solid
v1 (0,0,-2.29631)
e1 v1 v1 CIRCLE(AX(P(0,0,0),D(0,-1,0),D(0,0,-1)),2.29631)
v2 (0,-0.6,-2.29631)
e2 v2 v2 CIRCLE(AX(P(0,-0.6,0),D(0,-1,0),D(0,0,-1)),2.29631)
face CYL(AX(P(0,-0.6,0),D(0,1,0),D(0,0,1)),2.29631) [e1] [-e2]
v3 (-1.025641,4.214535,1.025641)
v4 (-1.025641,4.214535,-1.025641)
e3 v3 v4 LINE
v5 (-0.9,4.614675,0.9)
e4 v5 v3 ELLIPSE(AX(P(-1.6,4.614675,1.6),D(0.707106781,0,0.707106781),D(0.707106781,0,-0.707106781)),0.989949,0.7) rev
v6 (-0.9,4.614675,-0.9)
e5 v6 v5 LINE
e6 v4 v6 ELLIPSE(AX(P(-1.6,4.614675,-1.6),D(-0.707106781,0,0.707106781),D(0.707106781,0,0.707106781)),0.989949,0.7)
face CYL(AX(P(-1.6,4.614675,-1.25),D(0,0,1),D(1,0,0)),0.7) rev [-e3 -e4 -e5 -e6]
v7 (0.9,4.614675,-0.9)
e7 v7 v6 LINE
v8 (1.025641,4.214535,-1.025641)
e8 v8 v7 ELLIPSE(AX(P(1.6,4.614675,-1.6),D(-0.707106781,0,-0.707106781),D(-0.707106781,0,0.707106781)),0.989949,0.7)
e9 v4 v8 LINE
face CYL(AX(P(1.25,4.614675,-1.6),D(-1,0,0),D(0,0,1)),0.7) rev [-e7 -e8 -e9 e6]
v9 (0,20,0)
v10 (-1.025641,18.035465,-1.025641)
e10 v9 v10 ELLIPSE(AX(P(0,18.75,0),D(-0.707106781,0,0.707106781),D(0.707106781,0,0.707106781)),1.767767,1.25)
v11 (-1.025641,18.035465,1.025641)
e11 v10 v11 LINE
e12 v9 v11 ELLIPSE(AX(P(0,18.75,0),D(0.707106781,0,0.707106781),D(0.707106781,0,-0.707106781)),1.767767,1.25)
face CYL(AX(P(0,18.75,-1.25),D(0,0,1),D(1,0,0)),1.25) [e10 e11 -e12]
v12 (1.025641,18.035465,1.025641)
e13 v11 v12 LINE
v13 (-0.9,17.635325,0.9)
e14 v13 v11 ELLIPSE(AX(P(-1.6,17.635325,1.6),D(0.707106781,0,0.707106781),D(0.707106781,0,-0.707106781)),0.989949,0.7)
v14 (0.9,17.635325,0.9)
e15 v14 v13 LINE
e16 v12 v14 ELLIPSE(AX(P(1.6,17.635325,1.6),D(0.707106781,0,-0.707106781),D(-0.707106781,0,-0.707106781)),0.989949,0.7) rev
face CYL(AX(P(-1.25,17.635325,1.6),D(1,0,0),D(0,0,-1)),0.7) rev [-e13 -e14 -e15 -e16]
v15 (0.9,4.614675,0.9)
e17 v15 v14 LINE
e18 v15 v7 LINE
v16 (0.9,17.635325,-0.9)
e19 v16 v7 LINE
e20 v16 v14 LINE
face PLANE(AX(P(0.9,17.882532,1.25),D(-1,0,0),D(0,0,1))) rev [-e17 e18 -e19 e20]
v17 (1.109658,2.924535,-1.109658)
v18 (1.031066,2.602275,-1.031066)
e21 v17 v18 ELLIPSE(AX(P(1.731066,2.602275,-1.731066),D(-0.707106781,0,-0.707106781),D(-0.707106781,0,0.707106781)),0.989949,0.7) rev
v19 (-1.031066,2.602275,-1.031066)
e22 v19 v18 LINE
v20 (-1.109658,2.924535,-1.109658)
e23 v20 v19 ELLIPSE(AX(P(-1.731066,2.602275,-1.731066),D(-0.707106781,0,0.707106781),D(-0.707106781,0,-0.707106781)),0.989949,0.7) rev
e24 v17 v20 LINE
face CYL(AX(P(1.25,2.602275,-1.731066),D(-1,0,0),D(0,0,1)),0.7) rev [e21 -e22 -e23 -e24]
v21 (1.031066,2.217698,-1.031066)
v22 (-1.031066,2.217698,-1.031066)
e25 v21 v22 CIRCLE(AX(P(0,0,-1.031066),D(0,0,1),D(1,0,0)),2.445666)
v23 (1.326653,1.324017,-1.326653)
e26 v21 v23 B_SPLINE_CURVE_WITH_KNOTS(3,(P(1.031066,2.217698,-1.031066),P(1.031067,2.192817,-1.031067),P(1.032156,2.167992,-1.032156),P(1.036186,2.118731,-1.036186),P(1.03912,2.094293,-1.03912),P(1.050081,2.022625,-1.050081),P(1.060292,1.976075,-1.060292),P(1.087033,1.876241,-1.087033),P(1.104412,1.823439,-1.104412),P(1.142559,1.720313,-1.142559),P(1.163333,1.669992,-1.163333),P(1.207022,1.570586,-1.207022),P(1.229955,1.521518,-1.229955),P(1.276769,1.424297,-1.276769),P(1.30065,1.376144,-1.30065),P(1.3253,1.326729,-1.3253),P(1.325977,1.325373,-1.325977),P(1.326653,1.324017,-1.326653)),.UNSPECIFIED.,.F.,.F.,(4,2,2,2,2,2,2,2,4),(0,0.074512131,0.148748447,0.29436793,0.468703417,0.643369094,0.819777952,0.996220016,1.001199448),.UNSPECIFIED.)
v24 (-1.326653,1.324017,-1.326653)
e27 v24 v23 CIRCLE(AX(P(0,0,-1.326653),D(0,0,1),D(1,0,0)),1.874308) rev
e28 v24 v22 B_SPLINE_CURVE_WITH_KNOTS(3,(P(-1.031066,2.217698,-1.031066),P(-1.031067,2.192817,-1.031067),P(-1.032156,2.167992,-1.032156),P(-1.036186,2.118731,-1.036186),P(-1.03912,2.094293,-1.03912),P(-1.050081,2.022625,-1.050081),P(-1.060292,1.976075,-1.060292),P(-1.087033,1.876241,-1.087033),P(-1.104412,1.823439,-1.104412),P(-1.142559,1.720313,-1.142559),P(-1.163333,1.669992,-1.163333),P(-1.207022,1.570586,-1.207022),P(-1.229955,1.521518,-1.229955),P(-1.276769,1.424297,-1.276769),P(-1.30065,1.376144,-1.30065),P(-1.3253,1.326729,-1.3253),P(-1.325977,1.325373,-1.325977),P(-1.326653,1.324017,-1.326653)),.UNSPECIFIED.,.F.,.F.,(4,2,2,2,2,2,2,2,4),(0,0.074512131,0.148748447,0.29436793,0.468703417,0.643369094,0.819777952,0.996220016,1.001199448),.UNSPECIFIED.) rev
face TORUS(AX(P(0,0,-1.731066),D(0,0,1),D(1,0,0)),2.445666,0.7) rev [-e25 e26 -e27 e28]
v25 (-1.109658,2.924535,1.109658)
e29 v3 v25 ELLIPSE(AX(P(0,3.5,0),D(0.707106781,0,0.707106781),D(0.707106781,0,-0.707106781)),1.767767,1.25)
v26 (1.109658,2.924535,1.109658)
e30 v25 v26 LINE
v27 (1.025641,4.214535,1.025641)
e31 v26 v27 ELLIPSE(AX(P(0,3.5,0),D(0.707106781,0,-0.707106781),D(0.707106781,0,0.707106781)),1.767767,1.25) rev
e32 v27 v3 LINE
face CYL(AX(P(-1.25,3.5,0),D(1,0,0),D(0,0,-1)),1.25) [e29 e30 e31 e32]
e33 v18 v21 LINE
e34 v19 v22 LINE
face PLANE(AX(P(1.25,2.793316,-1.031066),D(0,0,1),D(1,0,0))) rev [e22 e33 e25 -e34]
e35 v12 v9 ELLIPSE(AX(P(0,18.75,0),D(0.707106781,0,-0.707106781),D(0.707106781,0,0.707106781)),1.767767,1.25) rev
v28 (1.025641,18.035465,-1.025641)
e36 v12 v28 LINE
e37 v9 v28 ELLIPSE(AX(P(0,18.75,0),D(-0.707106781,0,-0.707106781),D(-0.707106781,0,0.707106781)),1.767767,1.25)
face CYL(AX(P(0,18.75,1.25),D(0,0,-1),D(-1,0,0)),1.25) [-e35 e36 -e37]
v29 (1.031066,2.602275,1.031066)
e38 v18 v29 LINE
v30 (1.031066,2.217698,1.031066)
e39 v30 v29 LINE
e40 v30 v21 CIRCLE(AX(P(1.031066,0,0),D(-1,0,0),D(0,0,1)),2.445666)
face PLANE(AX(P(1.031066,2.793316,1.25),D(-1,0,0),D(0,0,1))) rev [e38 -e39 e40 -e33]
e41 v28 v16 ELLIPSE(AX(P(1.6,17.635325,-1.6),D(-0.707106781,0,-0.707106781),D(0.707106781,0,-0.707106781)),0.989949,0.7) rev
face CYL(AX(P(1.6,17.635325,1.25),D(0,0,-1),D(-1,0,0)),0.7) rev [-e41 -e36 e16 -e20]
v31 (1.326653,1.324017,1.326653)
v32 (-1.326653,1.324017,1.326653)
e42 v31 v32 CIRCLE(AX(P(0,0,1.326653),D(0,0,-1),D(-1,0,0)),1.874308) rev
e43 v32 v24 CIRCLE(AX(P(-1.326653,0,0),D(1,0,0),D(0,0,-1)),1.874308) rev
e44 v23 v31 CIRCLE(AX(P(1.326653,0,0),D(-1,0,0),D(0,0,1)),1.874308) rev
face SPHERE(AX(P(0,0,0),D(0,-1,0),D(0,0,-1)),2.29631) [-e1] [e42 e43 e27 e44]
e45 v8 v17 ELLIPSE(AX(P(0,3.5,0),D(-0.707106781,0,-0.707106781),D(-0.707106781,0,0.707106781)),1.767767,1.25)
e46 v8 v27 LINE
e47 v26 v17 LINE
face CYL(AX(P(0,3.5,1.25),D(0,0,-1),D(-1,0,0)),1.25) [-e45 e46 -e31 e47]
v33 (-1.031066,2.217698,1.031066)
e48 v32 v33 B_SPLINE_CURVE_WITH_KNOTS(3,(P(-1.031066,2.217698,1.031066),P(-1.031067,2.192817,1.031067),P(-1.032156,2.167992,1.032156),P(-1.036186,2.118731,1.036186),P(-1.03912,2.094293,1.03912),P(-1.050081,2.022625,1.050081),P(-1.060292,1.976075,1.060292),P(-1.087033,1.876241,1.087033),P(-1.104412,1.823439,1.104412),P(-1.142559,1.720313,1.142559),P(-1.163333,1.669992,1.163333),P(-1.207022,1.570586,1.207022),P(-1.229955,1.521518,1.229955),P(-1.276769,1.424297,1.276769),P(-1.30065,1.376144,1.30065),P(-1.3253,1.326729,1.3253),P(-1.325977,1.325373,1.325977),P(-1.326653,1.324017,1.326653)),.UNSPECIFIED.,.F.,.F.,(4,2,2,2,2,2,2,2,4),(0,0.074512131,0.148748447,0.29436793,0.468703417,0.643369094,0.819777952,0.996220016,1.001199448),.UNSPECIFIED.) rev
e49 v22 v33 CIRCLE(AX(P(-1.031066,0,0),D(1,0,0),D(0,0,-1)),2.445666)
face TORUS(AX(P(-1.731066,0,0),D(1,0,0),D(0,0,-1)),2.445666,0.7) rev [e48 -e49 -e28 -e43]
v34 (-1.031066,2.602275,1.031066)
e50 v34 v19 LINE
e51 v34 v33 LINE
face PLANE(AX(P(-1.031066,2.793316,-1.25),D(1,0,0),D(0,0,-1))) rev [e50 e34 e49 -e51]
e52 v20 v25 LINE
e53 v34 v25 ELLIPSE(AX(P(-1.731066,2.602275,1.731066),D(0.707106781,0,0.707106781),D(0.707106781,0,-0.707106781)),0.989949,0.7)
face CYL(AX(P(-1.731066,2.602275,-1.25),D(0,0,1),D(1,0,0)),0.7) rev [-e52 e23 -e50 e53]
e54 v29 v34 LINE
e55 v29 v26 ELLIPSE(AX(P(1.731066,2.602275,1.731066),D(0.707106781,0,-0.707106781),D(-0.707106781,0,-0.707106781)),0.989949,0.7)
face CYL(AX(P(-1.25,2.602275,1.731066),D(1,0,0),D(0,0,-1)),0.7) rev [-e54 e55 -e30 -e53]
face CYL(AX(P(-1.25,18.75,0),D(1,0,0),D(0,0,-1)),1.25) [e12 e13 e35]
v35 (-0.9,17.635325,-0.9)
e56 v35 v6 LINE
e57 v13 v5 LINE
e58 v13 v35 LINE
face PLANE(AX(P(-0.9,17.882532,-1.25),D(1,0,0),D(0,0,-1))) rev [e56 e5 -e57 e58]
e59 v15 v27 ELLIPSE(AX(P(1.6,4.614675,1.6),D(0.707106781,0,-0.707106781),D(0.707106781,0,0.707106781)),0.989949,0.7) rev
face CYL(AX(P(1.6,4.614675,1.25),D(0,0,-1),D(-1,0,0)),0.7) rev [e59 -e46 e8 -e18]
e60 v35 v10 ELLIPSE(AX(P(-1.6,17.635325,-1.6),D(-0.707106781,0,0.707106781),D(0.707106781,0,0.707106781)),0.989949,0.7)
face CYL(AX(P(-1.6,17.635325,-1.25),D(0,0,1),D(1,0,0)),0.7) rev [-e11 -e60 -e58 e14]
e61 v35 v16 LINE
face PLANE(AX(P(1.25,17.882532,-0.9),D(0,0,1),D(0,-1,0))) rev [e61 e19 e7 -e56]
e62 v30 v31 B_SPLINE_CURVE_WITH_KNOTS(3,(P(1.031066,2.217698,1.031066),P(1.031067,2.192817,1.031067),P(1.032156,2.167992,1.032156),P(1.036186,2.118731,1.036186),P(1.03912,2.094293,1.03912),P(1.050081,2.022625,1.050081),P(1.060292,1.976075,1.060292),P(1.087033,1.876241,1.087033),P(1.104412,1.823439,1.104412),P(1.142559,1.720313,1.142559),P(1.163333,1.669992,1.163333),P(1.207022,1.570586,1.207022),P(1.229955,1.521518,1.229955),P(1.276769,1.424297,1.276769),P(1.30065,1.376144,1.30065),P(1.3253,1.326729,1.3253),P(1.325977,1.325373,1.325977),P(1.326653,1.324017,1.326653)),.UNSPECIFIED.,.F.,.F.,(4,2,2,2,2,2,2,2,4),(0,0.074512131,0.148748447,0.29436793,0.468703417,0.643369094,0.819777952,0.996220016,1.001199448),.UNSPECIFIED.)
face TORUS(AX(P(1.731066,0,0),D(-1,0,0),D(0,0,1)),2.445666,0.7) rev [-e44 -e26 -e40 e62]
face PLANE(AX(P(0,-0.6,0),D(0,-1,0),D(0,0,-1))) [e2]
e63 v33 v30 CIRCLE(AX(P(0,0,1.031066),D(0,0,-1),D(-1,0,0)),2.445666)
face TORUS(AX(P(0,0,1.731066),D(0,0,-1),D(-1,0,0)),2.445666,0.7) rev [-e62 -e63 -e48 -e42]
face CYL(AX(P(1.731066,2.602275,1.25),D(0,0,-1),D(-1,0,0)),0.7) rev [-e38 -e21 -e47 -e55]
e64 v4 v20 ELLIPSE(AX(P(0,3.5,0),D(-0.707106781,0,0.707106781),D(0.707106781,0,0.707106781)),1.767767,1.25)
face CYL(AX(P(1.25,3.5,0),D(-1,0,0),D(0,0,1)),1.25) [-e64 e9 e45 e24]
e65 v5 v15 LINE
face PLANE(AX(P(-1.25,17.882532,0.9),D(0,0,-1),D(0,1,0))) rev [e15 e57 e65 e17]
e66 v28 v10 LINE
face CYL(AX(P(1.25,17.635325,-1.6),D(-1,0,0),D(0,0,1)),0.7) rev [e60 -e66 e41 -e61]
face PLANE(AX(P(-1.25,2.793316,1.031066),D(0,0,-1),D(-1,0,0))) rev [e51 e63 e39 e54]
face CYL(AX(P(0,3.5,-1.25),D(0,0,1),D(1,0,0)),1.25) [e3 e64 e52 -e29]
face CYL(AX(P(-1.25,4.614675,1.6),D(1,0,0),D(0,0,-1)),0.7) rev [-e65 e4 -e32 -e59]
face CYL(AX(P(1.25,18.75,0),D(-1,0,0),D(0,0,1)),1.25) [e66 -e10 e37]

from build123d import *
from build123d.topology import SkipClean

# Parameters (mm, degrees)
SKETCH1_W           = 2.5
SKETCH1_H           = 2.5
BOSS_EXTRUDE1_DEPTH = 20
CUT_EXTRUDE1_DEPTH  = 21.077973005
CIRPATTERN1_COUNT   = 4
FILLET1_R           = 0.7
SKETCH6_R           = 2.29630994
BOSS_EXTRUDE2_DEPTH = 0.6


with BuildPart() as part:
    # Sketch1 → Boss-Extrude1 (new body)
    with BuildSketch(Plane(origin=(0, 0, 0), x_dir=(1, 0, 0), z_dir=(0, 1, 0))):
        Rectangle(SKETCH1_W, SKETCH1_H)
    extrude(amount=BOSS_EXTRUDE1_DEPTH)

    # Sketch3 → Cut-Extrude1 (cut, symmetric)
    with BuildSketch(Plane(origin=(0, 0, 0), x_dir=(0, 0, -1), z_dir=(1, 0, 0))):
        with BuildLine():
            Line((0, 20), (-2.286909141, 20))
            Line((-2.286909141, 20), (-2.286909141, 0))
            Line((-2.286909141, 0), (-1.031066268, 0))
            Line((-1.031066268, 0), (-1.031066268, 2.793315947))
            ThreePointArc((-1.031066268, 2.793315947), (-1.245689597, 3.603718018), (-0.9, 4.367467579))
            Line((-0.9, 4.367467579), (-0.9, 17.882532421))
            ThreePointArc((-0.9, 17.882532421), (-1.150398729, 19.238960902), (0, 20))
        make_face()
    cut_extrude1 = extrude(amount=CUT_EXTRUDE1_DEPTH, both=True, mode=Mode.SUBTRACT)

    # CirPattern1: Cut-Extrude1 ×4 about axis
    with SkipClean():  # the faces are left unmerged after this step: merging them gives an invalid solid
        cirpattern1_axis = Axis((0, 0, 0), (0, 1, 0))
        for i in range(1, CIRPATTERN1_COUNT):
            add(cut_extrude1.rotate(cirpattern1_axis, i * 360 / CIRPATTERN1_COUNT), mode=Mode.SUBTRACT)

    # Sketch2 → Revolve1 (revolve)
    with BuildSketch(Plane(origin=(0, 0, 0), x_dir=(0, 0, -1), z_dir=(1, 0, 0))):
        with BuildLine():
            Line((2.29630994, 0), (0, 0))
            Line((0, 0), (0, 2.29630994))
            ThreePointArc((0, 2.29630994), (1.623736331, 1.623736331), (2.29630994, 0))
        make_face()
    revolve(axis=Axis((0, 0, 0), (0, 1, 0)))

    # Fillet1
    fillet1_edges = [part.edges().sort_by_distance(p)[0] for p in [
        (0.9, 4.367467579, 0),
        (0, 4.367467579, -0.9),
        (-0.9, 4.367467579, 0),
        (0, 4.367467579, 0.9),
        (0, 17.882532421, -0.9),
        (-0.9, 17.882532421, 0),
        (0, 17.882532421, 0.9),
        (0.9, 17.882532421, 0),
        (-1.031066268, 2.793315947, 0),
        (0, 2.793315947, 1.031066268),
        (1.031066268, 2.793315947, 0),
        (0, 2.793315947, -1.031066268),
        (0.533927601, 1.981126702, -1.031066268),
        (-1.031066268, 2.051814244, 0),
        (0, 2.051814244, 1.031066268),
        (1.031066268, 2.051814244, 0),
    ]]
    fillet(fillet1_edges, radius=FILLET1_R)

    # Sketch6 → Boss-Extrude2 (add)
    with BuildSketch(Plane.XZ):
        with Locations(Location((0, 0, 0), (0, 0, 270))):
            Circle(SKETCH6_R)
    extrude(amount=BOSS_EXTRUDE2_DEPTH)


solid = part.part
